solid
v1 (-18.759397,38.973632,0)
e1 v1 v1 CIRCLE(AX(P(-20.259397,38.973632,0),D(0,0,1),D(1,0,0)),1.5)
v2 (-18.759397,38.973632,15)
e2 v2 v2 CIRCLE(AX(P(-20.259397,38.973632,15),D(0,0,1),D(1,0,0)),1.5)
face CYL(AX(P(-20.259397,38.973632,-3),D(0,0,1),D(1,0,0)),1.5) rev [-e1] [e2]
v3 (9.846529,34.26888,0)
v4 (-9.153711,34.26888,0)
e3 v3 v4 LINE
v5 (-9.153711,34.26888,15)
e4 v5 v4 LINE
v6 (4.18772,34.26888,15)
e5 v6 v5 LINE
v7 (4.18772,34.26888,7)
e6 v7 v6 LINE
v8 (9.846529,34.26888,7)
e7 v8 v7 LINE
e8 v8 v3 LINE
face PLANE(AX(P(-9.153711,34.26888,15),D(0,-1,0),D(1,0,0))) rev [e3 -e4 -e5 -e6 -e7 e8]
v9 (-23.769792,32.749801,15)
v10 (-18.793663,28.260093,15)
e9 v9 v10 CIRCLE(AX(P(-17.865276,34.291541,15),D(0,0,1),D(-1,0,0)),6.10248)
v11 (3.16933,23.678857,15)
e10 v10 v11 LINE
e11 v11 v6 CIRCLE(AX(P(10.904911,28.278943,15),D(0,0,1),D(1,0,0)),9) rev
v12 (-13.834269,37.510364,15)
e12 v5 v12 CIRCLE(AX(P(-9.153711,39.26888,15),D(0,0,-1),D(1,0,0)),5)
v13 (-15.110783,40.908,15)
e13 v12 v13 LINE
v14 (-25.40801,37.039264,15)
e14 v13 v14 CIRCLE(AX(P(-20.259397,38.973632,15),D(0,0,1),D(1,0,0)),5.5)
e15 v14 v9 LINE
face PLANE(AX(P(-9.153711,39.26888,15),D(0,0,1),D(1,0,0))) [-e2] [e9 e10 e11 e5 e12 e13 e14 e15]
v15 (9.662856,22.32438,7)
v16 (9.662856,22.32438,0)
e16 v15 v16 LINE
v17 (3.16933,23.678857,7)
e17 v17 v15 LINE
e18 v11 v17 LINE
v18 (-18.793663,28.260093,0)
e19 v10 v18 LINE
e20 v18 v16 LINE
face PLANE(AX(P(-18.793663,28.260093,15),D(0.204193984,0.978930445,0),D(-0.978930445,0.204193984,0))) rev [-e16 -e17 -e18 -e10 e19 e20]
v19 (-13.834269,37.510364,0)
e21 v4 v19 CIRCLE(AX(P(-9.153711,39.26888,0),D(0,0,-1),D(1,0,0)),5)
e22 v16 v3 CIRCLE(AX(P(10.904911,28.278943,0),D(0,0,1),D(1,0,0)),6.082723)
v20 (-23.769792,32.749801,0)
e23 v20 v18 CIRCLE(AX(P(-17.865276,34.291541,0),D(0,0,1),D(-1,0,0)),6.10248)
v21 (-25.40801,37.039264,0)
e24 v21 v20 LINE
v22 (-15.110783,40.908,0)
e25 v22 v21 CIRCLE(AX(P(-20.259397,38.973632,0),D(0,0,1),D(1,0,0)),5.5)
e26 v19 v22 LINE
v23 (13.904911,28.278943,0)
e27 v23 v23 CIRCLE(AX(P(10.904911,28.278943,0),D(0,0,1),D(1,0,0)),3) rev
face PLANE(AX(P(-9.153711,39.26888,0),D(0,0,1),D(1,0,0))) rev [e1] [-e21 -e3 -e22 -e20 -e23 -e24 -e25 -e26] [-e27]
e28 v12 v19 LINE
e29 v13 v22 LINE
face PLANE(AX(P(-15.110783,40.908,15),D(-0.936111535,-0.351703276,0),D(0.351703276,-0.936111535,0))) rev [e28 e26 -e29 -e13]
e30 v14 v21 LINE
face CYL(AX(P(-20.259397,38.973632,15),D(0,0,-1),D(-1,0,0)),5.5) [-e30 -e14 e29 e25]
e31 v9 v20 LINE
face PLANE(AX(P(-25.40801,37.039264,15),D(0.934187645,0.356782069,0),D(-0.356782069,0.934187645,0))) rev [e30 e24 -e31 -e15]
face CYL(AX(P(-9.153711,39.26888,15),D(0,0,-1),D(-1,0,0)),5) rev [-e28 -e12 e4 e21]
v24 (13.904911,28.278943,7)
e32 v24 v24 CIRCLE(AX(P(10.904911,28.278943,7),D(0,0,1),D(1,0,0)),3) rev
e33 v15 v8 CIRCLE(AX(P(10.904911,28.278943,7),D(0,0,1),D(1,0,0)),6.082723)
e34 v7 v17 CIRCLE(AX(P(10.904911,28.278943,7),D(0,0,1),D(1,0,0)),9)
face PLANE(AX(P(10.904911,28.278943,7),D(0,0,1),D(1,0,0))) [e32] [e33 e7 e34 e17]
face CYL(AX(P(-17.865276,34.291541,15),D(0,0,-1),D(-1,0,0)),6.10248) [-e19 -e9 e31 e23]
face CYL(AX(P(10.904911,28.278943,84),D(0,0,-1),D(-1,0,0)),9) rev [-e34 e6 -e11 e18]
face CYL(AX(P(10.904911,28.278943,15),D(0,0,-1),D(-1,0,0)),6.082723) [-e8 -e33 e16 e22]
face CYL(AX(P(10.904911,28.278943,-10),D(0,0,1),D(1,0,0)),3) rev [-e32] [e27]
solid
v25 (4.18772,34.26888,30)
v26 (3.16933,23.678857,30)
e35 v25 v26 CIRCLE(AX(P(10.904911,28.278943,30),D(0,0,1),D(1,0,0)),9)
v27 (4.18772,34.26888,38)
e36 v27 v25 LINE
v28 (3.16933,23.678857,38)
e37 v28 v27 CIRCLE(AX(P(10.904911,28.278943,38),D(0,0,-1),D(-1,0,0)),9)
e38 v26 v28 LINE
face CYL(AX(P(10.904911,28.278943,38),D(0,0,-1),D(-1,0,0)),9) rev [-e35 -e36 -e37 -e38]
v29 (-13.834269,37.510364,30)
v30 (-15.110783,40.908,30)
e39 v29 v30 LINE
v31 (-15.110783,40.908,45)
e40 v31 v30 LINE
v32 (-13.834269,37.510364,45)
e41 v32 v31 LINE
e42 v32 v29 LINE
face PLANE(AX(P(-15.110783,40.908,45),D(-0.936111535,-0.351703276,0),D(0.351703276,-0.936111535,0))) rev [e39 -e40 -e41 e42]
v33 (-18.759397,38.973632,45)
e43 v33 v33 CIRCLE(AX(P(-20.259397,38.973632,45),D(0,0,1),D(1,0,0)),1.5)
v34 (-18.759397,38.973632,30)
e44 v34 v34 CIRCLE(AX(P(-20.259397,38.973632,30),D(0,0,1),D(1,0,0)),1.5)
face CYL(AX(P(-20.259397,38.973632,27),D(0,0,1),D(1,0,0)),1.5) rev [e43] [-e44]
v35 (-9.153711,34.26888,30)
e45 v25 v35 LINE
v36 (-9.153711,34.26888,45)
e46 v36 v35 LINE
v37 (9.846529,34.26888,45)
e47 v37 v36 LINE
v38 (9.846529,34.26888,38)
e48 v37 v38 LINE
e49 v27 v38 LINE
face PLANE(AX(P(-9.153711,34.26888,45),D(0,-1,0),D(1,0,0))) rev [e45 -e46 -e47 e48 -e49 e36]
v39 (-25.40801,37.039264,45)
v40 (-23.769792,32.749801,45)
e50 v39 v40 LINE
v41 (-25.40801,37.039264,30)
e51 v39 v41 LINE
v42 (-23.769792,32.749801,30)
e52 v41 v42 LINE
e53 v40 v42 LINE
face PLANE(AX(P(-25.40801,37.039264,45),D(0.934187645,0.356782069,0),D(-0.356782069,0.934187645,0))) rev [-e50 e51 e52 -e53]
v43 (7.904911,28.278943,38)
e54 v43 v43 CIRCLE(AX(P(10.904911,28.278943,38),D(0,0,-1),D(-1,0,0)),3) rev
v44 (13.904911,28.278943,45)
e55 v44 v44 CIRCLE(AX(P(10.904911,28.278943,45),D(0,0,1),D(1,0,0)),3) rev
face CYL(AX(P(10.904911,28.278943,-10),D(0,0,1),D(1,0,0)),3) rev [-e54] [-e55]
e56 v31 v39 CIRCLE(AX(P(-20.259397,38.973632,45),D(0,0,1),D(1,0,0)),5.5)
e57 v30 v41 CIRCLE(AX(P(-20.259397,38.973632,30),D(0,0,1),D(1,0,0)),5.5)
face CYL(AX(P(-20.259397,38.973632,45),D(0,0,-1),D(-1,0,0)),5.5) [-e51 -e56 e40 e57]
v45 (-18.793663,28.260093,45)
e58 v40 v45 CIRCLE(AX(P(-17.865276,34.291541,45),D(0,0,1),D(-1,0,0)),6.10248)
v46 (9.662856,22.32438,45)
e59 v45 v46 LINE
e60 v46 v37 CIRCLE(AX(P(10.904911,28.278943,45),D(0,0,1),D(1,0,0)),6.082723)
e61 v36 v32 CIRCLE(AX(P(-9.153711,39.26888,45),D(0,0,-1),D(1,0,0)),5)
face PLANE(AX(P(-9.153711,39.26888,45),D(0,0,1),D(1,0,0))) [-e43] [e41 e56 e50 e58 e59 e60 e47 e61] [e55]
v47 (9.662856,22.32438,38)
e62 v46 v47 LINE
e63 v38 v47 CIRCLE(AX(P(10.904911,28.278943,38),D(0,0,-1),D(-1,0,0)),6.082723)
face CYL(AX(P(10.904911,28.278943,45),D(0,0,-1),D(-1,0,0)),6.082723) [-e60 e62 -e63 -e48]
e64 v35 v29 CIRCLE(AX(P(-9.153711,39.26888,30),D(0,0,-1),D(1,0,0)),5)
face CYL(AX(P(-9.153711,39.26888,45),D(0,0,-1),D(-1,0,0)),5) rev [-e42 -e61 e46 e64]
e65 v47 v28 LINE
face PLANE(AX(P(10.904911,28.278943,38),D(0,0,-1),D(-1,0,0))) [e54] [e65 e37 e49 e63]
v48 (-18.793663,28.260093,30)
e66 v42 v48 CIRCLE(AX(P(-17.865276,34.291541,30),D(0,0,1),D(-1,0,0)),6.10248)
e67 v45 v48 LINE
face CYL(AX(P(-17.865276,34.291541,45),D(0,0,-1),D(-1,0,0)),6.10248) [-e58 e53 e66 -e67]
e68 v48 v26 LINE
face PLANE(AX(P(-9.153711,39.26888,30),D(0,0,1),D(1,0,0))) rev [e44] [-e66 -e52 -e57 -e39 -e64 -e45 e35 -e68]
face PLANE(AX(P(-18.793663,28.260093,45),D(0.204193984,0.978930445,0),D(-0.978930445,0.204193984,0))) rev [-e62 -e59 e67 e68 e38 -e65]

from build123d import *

# Parameters (mm, degrees)
BOSS_EXTRUDE2_DEPTH     = 15
SKETCH7_R               = 1.5
CUT_EXTRUDE1_DEPTH      = 18
CUT_EXTRUDE3_DEPTH      = 69
CUT_EXTRUDE3_DEPTH_BACK = 8
SKETCH12_R              = 9
CUT_EXTRUDE4_START      = -8
SKETCH13_R              = 9
CUT_EXTRUDE4_DEPTH      = 8
CUT_EXTRUDE5_DEPTH      = 10
CUT_EXTRUDE5_DEPTH_BACK = 48
SKETCH14_R              = 3


with BuildPart() as part:
    # Sketch3 → Boss-Extrude2 (new body)
    with BuildSketch(Plane.XY):
        with BuildLine():
            Line((-15.110783356, 40.907999924), (-13.834269034, 37.510363732))
            ThreePointArc((-13.834269034, 37.510363732), (-12.000412792, 35.158370297), (-9.15371136, 34.268880114))
            Line((-9.15371136, 34.268880114), (9.846529055, 34.268880114))
            ThreePointArc((9.846529055, 34.268880114), (16.986915334, 28.185418753), (9.662855904, 22.324380295))
            Line((9.662855904, 22.324380295), (-18.79366315, 28.260093131))
            ThreePointArc((-18.79366315, 28.260093131), (-21.953247193, 29.760673649), (-23.769791608, 32.749800546))
            Line((-23.769791608, 32.749800546), (-25.408010237, 37.039263884))
            ThreePointArc((-25.408010237, 37.039263884), (-22.193764817, 44.122245345), (-15.110783356, 40.907999924))
        make_face()
    extrude(amount=BOSS_EXTRUDE2_DEPTH)

    # Sketch7 → Cut-Extrude1 (cut)
    with BuildSketch(Plane.XY.offset(15)):
        with Locations((-20.259396796, 38.973631904)):
            Circle(SKETCH7_R)
    extrude(amount=-CUT_EXTRUDE1_DEPTH, mode=Mode.SUBTRACT)


with BuildPart() as body_2:
    # Body-Move/Copy1: copy of part
    add(part.part.moved(Location((0, 0, 30))))

    # Sketch13 → Cut-Extrude4 (cut)
    with BuildSketch(Plane(origin=(0, 0, 30), x_dir=(-1, 0, 0), z_dir=(0, 0, -1)).offset(CUT_EXTRUDE4_START)):
        with Locations((-10.904911352, 28.278943041)):
            Circle(SKETCH13_R)
    extrude(amount=CUT_EXTRUDE4_DEPTH, mode=Mode.SUBTRACT)


with BuildPart() as part_1:
    add(part.part)

    # Sketch12 → Cut-Extrude3 (cut, two sides: drawn at the far end of the back side and taken through both)
    with BuildSketch(Plane.XY.offset(15).offset(-CUT_EXTRUDE3_DEPTH_BACK)):
        with Locations((10.904911352, 28.278943041)):
            Circle(SKETCH12_R)
    extrude(amount=CUT_EXTRUDE3_DEPTH + CUT_EXTRUDE3_DEPTH_BACK, mode=Mode.SUBTRACT)


with BuildPart() as cut_extrude5_tool:
    # Sketch14 → Cut-Extrude5 (new, two sides: drawn at the far end of the back side and taken through both)
    with BuildSketch(Plane(origin=(0, 0, 0), x_dir=(-1, 0, 0), z_dir=(0, 0, -1)).offset(-CUT_EXTRUDE5_DEPTH_BACK)):
        with Locations(Location((-10.904911352, 28.278943041, 0), (0, 0, 180))):
            Circle(SKETCH14_R)
    extrude(amount=CUT_EXTRUDE5_DEPTH + CUT_EXTRUDE5_DEPTH_BACK)


with BuildPart() as part_2:
    add(part_1.part)

    # Cut-Extrude5: cut by cut_extrude5_tool
    add(cut_extrude5_tool.part, mode=Mode.SUBTRACT)


with BuildPart() as body_2_1:
    add(body_2.part)

    # Cut-Extrude5: cut by cut_extrude5_tool
    add(cut_extrude5_tool.part, mode=Mode.SUBTRACT)


solid = Compound([part_2.part, body_2_1.part])
